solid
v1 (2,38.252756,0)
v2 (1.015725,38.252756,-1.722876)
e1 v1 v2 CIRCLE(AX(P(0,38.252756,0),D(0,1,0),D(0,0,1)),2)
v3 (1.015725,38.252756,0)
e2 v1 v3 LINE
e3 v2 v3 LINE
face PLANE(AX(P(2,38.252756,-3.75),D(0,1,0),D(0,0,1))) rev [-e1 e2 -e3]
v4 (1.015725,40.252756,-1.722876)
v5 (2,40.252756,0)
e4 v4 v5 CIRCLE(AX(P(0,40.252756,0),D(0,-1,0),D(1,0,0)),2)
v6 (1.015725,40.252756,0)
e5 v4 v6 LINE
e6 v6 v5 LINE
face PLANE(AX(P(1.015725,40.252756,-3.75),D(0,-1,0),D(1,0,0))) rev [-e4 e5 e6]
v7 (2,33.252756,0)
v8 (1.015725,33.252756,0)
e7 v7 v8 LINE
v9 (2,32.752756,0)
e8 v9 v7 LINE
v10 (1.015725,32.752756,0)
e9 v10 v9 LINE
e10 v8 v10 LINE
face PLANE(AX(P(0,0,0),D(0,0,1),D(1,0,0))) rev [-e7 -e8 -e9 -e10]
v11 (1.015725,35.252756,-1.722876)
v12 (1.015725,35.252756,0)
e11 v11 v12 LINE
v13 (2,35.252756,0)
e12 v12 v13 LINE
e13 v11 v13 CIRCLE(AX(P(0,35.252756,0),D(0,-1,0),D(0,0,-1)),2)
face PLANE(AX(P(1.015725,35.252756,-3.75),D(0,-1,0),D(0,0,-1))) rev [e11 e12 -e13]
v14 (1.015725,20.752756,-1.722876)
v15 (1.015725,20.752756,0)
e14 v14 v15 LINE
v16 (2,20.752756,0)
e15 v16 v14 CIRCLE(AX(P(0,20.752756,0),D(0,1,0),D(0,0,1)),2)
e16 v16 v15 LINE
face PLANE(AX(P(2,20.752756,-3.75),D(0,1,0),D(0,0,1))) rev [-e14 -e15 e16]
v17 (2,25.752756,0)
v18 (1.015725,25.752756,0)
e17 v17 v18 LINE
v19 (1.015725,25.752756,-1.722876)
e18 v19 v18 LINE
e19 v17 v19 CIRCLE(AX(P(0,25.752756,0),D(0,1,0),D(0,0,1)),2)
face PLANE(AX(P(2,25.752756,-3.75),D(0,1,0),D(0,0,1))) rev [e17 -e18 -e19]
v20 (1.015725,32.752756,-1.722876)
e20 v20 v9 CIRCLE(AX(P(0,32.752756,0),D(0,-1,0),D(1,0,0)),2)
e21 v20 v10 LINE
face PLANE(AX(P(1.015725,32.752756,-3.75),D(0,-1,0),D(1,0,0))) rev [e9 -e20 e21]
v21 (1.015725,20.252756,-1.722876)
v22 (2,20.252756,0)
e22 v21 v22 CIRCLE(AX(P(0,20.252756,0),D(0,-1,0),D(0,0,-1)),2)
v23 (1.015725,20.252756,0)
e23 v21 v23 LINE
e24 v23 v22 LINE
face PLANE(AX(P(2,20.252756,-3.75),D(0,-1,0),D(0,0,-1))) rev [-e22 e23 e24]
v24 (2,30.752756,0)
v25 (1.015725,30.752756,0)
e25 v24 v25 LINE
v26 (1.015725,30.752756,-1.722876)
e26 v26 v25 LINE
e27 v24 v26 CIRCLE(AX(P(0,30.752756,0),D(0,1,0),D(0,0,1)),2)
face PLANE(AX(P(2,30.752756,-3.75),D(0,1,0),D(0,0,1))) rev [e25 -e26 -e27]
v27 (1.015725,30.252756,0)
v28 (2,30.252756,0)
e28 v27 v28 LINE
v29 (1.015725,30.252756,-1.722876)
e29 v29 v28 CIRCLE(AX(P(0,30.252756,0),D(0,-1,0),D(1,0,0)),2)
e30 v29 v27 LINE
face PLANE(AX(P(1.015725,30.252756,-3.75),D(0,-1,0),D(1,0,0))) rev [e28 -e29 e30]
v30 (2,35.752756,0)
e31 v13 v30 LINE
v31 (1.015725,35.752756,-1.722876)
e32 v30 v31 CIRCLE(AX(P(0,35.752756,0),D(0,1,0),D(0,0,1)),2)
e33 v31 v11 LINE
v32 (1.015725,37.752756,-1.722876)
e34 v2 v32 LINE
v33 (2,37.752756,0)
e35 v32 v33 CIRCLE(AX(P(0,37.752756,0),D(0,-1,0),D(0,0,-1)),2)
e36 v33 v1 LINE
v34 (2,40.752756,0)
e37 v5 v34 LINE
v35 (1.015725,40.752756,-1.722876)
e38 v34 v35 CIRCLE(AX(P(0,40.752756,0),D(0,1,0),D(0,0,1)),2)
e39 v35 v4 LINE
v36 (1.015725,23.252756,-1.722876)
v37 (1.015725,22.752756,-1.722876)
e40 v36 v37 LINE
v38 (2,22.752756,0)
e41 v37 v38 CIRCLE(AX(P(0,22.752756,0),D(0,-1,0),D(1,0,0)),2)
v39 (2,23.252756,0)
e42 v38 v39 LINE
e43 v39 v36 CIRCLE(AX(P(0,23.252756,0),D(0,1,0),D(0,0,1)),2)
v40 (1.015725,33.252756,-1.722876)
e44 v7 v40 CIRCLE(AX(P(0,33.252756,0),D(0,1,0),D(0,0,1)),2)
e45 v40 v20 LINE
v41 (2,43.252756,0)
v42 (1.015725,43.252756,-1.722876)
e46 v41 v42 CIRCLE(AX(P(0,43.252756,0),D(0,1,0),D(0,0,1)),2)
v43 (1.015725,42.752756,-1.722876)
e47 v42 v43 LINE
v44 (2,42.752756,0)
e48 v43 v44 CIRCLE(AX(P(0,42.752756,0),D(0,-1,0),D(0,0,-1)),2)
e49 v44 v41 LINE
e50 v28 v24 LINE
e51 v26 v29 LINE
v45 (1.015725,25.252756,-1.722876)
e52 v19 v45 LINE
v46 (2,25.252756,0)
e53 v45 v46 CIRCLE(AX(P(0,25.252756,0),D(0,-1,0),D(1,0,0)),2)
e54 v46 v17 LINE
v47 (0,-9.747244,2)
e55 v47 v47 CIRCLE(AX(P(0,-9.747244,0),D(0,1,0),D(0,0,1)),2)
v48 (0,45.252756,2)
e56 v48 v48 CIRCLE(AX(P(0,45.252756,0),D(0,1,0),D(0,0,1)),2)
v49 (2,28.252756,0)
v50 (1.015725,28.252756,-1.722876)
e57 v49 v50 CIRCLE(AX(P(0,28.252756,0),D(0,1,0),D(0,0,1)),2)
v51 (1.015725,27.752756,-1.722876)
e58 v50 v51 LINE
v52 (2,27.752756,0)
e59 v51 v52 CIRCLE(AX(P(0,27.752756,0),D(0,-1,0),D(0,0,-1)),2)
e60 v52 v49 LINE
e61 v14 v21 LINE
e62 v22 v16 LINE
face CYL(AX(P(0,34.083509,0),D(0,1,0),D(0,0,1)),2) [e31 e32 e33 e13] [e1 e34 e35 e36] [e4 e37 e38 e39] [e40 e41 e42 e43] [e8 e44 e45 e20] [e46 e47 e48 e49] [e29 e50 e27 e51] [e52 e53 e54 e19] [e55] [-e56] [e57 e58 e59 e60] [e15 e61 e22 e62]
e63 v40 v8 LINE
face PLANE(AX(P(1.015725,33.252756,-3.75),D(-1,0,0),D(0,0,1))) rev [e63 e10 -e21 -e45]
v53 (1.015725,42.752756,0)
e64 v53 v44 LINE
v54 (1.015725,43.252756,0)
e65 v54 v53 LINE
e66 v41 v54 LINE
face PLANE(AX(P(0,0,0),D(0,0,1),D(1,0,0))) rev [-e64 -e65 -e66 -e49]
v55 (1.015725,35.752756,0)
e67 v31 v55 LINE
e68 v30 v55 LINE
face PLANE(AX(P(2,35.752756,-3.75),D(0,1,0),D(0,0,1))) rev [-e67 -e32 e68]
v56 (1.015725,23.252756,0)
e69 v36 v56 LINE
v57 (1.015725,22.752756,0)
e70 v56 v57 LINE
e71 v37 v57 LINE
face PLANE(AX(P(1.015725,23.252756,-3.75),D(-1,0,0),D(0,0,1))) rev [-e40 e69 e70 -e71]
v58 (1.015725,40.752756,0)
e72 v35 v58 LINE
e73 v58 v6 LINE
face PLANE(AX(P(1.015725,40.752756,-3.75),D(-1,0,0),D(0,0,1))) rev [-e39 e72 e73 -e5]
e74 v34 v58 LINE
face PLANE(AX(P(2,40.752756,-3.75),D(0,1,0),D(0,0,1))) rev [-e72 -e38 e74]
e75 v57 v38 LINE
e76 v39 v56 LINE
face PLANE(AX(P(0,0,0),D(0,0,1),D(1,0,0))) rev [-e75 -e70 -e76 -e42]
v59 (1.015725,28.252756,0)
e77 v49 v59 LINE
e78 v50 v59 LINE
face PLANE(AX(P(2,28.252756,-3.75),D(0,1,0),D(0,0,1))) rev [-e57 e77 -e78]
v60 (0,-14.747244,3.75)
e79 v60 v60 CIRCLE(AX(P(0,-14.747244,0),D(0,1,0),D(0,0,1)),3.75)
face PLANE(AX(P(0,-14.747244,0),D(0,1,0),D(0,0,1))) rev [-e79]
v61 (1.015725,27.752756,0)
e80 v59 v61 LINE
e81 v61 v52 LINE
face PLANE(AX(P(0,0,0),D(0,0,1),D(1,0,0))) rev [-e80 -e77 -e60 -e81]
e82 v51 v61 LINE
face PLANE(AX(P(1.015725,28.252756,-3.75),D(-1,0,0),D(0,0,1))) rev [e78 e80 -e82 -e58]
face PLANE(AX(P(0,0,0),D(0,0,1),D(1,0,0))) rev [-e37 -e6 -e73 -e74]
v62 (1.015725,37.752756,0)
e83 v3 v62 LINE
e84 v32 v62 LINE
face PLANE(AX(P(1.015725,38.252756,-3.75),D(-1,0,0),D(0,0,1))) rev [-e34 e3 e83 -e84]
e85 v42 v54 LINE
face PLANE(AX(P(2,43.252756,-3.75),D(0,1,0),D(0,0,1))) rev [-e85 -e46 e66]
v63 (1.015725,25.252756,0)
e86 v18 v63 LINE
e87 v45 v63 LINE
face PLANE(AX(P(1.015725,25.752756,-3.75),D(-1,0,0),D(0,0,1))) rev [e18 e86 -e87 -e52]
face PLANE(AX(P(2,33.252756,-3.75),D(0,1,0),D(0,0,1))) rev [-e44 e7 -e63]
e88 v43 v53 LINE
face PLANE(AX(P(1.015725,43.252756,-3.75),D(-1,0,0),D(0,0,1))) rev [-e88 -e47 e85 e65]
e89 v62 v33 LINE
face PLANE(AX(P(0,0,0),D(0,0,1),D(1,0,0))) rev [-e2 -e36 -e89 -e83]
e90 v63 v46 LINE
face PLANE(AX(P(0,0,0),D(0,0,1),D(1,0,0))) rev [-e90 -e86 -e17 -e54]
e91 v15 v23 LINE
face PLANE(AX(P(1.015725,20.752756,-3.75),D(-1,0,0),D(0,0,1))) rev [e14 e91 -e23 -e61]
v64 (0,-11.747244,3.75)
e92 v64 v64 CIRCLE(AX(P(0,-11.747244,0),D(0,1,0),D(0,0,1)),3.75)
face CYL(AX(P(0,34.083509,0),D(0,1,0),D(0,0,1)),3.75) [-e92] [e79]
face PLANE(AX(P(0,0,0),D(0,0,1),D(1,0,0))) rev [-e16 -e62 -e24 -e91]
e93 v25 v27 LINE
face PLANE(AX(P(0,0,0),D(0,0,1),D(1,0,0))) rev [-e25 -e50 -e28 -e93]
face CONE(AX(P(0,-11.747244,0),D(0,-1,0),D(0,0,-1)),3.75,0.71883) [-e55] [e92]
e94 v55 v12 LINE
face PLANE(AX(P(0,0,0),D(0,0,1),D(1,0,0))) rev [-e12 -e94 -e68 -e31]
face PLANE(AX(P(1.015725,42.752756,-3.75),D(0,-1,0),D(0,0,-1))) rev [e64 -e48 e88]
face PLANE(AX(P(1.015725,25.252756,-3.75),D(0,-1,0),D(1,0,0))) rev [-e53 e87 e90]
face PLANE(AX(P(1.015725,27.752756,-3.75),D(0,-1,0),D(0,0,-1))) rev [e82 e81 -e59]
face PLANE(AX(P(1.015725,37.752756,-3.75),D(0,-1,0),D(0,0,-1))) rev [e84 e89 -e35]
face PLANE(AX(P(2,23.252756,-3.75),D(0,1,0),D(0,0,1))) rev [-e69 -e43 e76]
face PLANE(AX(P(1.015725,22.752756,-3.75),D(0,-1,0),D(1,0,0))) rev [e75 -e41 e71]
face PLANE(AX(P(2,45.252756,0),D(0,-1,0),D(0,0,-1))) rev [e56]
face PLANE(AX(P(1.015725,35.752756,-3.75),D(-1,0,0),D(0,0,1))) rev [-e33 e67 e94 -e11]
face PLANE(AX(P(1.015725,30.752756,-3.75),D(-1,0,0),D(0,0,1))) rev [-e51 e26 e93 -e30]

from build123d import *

# Parameters (mm, degrees)
CORTAR_EXTRUIR1_DEPTH = 46.56245087


with BuildPart() as part:
    # Croquis2 → Revolución1 (revolve)
    with BuildSketch(Plane.XY, mode=Mode.PRIVATE) as revoluci_n1_sk:
        Polygon((0, -14.74724396), (3.75, -14.74724396), (3.75, -11.74724396), (2, -9.74724396), (2, 45.25275604), (0, 45.25275604), align=None)
    revolve(revoluci_n1_sk.sketch.rotate(Axis((0, 34.083509453, 0), (0, -1, 0)), 90), axis=Axis((0, 34.083509453, 0), (0, -1, 0)))

    # Croquis3 → Cortar-Extruir1 (cut, through all)
    with BuildSketch(Plane.XY):
        Polygon((2, 45.25275604), (2, 43.25275604), (1.015724773, 43.25275604), (1.015724773, 42.75275604), (2, 42.75275604), (2, 40.75275604), (1.015724773, 40.75275604), (1.015724773, 40.25275604), (2, 40.25275604), (2, 38.25275604), (1.015724773, 38.25275604), (1.015724773, 37.75275604), (2, 37.75275604), (2, 35.75275604), (1.015724773, 35.75275604), (1.015724773, 35.25275604), (2, 35.25275604), (2, 33.25275604), (1.015724773, 33.25275604), (1.015724773, 32.75275604), (2, 32.75275604), (2, 30.75275604), (1.015724773, 30.75275604), (1.015724773, 30.25275604), (2, 30.25275604), (2, 28.25275604), (1.015724773, 28.25275604), (1.015724773, 27.75275604), (2, 27.75275604), (2, 25.75275604), (1.015724773, 25.75275604), (1.015724773, 25.25275604), (2, 25.25275604), (2, 23.25275604), (1.015724773, 23.25275604), (1.015724773, 22.75275604), (2, 22.75275604), (2, 20.75275604), (1.015724773, 20.75275604), (1.015724773, 20.25275604), (2, 20.25275604), (3.93485594, 20.25275604), (3.93485594, 45.25275604), align=None)
    extrude(amount=-CORTAR_EXTRUIR1_DEPTH, mode=Mode.SUBTRACT)


solid = part.part
